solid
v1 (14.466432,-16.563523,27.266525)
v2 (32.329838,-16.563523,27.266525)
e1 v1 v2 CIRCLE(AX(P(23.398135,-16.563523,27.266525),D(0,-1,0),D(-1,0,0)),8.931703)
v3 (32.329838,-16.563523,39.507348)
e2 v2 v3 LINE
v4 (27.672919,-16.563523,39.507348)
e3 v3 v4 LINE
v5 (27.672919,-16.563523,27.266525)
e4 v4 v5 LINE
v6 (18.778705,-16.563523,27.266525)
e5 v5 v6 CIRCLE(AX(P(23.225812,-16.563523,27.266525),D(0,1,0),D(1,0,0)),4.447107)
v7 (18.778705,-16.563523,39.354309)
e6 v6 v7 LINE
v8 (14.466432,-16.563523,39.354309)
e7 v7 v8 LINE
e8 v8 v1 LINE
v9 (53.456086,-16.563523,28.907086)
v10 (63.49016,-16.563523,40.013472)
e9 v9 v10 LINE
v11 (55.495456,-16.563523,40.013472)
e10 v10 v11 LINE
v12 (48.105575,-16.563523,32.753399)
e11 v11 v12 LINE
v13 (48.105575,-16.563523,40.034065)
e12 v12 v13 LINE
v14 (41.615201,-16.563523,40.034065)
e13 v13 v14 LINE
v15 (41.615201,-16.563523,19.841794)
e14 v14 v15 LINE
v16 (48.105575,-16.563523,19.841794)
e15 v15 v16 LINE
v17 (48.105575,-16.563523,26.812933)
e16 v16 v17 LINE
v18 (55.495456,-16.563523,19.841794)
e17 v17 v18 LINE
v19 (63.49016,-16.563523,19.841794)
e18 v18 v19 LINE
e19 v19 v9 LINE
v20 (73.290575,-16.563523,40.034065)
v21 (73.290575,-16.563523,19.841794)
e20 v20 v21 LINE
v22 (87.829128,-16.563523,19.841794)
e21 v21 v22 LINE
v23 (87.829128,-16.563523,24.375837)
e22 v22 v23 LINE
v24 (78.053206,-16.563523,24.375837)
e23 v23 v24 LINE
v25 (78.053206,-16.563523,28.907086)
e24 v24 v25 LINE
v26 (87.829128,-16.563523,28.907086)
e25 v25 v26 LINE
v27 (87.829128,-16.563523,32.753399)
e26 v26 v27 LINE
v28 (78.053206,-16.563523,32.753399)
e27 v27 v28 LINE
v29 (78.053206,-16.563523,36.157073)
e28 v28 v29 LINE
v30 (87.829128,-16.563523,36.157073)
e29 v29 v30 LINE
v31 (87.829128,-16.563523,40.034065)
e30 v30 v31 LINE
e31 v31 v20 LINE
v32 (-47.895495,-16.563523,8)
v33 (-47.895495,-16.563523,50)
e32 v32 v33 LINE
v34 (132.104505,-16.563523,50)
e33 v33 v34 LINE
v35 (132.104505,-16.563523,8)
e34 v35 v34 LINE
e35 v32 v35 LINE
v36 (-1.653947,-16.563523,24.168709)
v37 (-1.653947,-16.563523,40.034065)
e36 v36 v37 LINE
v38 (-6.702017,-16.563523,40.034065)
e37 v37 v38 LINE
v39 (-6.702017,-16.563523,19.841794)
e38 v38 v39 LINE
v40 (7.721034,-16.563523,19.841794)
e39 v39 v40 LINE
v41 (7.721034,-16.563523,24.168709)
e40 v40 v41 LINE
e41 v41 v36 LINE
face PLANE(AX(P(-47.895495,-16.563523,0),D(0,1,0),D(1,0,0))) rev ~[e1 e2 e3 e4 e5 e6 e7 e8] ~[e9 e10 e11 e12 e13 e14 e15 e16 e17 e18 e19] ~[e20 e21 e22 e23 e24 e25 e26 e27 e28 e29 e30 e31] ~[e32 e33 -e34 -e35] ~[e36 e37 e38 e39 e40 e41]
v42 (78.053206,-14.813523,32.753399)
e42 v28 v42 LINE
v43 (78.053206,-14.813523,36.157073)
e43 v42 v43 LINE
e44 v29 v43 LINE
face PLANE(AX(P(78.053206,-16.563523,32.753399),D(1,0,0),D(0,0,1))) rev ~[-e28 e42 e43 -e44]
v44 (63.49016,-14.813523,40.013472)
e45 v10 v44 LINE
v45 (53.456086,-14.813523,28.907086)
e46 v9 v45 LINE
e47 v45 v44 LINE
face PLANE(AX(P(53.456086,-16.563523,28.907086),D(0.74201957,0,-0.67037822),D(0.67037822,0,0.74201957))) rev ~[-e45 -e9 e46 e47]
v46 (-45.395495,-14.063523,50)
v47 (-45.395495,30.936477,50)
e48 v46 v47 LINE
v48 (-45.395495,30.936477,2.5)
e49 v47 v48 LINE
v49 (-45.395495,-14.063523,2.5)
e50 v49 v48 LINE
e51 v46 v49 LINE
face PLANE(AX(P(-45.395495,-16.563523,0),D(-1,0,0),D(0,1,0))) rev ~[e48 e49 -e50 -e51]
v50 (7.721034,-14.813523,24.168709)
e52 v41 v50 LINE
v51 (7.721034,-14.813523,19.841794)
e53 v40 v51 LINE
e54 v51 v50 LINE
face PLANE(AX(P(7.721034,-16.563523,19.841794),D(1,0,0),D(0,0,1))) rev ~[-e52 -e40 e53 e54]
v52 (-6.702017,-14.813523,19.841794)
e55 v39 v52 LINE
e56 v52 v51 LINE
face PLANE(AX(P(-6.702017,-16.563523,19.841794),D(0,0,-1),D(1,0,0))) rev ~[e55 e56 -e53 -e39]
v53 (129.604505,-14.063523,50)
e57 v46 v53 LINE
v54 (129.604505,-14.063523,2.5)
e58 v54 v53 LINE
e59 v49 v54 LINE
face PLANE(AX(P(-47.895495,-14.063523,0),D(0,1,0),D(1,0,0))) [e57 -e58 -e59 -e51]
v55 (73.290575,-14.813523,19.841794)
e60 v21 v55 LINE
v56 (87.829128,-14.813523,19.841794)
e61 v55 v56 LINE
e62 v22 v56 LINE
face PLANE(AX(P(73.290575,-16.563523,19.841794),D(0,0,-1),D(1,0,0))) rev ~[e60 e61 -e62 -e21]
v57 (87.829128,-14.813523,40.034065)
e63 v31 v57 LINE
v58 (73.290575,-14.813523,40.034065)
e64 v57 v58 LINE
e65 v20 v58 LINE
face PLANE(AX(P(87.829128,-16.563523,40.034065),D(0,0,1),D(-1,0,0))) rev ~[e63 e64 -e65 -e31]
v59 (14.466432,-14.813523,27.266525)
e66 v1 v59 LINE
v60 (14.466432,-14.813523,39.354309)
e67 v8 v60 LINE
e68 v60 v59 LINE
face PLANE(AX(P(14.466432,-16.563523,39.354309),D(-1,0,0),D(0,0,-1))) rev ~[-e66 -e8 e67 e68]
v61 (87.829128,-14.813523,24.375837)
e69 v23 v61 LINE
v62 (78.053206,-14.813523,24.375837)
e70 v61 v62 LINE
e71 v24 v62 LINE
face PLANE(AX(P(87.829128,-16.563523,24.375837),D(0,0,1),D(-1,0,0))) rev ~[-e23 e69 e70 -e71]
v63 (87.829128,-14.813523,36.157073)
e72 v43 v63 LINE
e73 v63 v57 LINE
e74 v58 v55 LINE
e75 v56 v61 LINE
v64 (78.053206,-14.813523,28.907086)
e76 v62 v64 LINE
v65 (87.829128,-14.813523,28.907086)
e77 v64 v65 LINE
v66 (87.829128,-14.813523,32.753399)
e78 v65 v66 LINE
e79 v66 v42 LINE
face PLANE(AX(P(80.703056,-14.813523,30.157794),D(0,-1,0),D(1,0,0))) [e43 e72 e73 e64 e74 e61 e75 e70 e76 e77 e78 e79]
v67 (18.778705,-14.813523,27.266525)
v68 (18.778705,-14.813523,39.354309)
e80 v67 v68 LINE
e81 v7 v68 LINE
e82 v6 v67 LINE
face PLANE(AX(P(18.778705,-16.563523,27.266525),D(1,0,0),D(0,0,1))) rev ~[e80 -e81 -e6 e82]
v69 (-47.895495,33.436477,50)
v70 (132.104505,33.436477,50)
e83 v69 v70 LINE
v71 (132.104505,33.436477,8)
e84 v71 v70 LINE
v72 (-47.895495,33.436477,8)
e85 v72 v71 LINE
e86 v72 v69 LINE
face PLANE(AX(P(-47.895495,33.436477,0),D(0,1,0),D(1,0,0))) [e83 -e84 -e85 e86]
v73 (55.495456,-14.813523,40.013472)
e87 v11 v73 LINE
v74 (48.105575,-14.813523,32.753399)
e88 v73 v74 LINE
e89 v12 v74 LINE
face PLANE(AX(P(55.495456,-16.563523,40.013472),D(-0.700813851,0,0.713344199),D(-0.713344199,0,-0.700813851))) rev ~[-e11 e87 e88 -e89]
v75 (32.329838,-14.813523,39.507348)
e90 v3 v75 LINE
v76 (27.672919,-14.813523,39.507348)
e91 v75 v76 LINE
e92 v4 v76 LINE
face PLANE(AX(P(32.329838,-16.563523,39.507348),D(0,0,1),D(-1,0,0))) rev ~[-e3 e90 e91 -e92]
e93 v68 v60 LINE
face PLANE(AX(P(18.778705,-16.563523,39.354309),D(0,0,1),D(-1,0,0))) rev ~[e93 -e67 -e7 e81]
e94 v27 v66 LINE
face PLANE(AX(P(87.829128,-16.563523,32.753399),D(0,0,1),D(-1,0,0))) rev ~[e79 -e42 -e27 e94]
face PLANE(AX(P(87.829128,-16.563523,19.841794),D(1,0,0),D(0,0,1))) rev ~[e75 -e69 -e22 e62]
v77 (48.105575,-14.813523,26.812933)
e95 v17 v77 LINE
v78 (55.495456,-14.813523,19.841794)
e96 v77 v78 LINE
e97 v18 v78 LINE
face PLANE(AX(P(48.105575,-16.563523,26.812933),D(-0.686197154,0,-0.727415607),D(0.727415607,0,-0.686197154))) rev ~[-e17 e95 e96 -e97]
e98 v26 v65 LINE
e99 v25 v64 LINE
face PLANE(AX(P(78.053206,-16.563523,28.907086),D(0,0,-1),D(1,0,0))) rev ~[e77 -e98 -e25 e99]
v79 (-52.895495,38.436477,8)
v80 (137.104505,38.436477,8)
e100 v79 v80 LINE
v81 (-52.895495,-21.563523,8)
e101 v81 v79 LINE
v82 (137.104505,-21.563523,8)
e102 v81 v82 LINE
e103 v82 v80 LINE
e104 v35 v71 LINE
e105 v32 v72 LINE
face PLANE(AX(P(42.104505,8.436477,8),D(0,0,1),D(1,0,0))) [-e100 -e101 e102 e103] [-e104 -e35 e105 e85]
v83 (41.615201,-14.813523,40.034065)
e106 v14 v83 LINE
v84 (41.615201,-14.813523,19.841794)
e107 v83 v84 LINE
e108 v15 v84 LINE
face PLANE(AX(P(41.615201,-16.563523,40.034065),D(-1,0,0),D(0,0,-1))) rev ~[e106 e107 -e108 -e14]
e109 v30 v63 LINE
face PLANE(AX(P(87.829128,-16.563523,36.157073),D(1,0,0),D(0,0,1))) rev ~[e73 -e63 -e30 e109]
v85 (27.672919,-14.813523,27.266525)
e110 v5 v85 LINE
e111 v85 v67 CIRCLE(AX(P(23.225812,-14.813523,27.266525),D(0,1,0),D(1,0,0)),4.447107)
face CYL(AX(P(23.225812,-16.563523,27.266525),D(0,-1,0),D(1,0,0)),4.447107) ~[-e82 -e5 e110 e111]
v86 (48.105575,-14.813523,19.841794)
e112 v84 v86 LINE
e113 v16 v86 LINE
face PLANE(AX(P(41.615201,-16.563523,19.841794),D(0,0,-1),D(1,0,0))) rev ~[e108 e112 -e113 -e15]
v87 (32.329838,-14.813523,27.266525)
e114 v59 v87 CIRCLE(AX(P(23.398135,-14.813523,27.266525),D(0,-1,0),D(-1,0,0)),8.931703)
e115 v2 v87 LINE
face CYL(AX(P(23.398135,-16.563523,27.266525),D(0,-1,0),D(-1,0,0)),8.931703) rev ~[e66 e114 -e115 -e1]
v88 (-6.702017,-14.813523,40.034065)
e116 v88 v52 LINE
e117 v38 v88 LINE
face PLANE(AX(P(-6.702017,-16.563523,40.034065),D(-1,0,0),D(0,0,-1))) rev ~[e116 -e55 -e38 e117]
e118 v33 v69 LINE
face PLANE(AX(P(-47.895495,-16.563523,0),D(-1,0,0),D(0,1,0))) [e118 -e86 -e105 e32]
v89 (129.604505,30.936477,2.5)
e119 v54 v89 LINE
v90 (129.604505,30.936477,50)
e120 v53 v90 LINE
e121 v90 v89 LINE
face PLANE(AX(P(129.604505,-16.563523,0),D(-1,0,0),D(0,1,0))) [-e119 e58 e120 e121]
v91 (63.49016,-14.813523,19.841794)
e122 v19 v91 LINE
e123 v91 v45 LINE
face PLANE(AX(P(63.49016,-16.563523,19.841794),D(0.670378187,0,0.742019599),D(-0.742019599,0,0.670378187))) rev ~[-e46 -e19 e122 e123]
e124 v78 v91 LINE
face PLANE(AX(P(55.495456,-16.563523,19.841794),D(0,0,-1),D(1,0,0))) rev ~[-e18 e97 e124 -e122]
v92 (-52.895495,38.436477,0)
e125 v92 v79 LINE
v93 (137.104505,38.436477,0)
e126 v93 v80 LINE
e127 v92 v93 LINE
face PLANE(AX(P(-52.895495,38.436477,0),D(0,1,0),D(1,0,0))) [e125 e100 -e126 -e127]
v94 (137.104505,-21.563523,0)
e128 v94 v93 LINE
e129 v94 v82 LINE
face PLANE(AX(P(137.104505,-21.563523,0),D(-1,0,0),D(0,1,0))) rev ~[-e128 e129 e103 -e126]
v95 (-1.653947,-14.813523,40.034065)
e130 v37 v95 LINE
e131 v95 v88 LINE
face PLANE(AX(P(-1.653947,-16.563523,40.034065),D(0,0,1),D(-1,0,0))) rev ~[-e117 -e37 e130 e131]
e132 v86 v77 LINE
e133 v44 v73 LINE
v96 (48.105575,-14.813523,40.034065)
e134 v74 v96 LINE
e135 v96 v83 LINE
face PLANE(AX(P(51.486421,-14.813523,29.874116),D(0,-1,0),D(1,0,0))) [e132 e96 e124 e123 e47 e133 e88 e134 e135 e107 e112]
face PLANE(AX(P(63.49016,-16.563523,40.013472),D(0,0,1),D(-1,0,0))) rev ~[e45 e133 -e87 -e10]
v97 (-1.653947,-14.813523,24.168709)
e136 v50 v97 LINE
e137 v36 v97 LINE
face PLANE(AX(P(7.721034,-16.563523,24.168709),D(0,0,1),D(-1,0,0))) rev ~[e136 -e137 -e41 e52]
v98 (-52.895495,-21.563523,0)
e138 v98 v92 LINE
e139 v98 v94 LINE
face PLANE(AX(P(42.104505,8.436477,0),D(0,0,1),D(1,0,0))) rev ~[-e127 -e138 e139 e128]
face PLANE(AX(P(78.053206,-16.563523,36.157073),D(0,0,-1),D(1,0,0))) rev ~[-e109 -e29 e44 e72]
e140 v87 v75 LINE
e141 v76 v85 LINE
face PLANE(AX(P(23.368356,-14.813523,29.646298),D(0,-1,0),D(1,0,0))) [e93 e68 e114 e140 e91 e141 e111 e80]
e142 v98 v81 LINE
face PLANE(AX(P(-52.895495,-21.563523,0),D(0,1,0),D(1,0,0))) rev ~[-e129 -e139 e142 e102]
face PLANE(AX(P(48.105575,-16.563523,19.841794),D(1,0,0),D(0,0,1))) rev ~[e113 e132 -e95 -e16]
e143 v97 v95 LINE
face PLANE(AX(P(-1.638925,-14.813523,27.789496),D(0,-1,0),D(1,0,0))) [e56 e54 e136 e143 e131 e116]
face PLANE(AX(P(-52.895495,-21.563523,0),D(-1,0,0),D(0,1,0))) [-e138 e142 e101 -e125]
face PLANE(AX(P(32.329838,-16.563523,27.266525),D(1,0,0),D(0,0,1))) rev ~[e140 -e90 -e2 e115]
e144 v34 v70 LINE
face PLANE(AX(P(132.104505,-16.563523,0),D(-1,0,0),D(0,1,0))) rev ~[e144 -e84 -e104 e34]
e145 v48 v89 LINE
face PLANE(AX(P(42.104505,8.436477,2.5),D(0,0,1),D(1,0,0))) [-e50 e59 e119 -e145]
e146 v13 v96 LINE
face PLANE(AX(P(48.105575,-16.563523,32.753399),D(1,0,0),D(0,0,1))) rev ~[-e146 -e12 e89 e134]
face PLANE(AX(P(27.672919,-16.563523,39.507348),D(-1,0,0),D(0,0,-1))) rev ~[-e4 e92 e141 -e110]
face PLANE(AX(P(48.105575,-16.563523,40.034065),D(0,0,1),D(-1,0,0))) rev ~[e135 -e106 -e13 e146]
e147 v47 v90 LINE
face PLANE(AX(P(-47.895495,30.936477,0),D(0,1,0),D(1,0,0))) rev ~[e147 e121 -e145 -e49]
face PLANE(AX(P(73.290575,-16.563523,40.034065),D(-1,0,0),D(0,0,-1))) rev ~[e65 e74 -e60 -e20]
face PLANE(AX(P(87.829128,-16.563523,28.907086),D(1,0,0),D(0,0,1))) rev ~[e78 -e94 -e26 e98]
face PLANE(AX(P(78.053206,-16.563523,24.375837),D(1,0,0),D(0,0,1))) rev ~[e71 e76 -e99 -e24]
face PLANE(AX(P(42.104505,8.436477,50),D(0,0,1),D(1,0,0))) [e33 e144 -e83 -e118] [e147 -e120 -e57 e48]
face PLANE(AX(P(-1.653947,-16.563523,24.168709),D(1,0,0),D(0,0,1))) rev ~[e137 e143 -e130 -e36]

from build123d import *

# Parameters (mm, degrees)
F0_W     = 180
F0_H     = 50
F1_DEPTH = 50
F2_T     = -2.5
F0_W_2   = 190
F0_H_2   = 60
F3_DEPTH = 8
F5_DEPTH = 1.75


with BuildPart() as f1:
    # F0 (on Top) → F1 (new body)
    with BuildSketch(Plane.XY):
        with Locations((42.104505, 8.436477)):
            Rectangle(F0_W, F0_H)
    extrude(amount=F1_DEPTH)

    # F2
    f2_openings = [f1.faces().sort_by_distance(p)[0] for p in [
        (42.104505, 8.436477, 50),
    ]]
    offset(amount=F2_T, openings=f2_openings)

    # F0 (on Top) → F3 (join)
    with BuildSketch(Plane.XY):
        with Locations((42.104505, 8.436477)):
            Rectangle(F0_W_2, F0_H_2)
        with Locations((42.104505, 8.436477)):
            Rectangle(F0_W, F0_H, mode=Mode.SUBTRACT)
    extrude(amount=F3_DEPTH)

    # F4 (on face) → F5 (cut)
    with BuildSketch(Plane.XZ.offset(16.563523)):
        with BuildLine():
            Line((18.778705, 27.266525), (18.778705, 39.354309))
            Line((18.778705, 39.354309), (14.466432, 39.354309))
            Line((14.466432, 39.354309), (14.466432, 27.266525))
            ThreePointArc((14.466432, 27.266525), (23.398135, 18.334822), (32.329838, 27.266525))
            Line((32.329838, 27.266525), (32.329838, 39.507348))
            Line((32.329838, 39.507348), (27.672919, 39.507348))
            Line((27.672919, 39.507348), (27.672919, 27.266525))
            ThreePointArc((27.672919, 27.266525), (23.225812, 22.819418), (18.778705, 27.266525))
        make_face()
        Polygon((-1.653947, 40.034065), (-6.702017, 40.034065), (-6.702017, 19.841794), (7.721034, 19.841794), (7.721034, 24.168709), (-1.653947, 24.168709), align=None)
        Polygon((48.105575, 40.034065), (41.615201, 40.034065), (41.615201, 19.841794), (48.105575, 19.841794), (48.105575, 26.812933), (55.495456, 19.841794), (63.49016, 19.841794), (53.456086, 28.907086), (63.49016, 40.013472), (55.495456, 40.013472), (48.105575, 32.753399), align=None)
        Polygon((87.829128, 40.034065), (73.290575, 40.034065), (73.290575, 19.841794), (87.829128, 19.841794), (87.829128, 24.375837), (78.053206, 24.375837), (78.053206, 28.907086), (87.829128, 28.907086), (87.829128, 32.753399), (78.053206, 32.753399), (78.053206, 36.157073), (87.829128, 36.157073), align=None)
    extrude(amount=-F5_DEPTH, mode=Mode.SUBTRACT)


solid = f1.part
